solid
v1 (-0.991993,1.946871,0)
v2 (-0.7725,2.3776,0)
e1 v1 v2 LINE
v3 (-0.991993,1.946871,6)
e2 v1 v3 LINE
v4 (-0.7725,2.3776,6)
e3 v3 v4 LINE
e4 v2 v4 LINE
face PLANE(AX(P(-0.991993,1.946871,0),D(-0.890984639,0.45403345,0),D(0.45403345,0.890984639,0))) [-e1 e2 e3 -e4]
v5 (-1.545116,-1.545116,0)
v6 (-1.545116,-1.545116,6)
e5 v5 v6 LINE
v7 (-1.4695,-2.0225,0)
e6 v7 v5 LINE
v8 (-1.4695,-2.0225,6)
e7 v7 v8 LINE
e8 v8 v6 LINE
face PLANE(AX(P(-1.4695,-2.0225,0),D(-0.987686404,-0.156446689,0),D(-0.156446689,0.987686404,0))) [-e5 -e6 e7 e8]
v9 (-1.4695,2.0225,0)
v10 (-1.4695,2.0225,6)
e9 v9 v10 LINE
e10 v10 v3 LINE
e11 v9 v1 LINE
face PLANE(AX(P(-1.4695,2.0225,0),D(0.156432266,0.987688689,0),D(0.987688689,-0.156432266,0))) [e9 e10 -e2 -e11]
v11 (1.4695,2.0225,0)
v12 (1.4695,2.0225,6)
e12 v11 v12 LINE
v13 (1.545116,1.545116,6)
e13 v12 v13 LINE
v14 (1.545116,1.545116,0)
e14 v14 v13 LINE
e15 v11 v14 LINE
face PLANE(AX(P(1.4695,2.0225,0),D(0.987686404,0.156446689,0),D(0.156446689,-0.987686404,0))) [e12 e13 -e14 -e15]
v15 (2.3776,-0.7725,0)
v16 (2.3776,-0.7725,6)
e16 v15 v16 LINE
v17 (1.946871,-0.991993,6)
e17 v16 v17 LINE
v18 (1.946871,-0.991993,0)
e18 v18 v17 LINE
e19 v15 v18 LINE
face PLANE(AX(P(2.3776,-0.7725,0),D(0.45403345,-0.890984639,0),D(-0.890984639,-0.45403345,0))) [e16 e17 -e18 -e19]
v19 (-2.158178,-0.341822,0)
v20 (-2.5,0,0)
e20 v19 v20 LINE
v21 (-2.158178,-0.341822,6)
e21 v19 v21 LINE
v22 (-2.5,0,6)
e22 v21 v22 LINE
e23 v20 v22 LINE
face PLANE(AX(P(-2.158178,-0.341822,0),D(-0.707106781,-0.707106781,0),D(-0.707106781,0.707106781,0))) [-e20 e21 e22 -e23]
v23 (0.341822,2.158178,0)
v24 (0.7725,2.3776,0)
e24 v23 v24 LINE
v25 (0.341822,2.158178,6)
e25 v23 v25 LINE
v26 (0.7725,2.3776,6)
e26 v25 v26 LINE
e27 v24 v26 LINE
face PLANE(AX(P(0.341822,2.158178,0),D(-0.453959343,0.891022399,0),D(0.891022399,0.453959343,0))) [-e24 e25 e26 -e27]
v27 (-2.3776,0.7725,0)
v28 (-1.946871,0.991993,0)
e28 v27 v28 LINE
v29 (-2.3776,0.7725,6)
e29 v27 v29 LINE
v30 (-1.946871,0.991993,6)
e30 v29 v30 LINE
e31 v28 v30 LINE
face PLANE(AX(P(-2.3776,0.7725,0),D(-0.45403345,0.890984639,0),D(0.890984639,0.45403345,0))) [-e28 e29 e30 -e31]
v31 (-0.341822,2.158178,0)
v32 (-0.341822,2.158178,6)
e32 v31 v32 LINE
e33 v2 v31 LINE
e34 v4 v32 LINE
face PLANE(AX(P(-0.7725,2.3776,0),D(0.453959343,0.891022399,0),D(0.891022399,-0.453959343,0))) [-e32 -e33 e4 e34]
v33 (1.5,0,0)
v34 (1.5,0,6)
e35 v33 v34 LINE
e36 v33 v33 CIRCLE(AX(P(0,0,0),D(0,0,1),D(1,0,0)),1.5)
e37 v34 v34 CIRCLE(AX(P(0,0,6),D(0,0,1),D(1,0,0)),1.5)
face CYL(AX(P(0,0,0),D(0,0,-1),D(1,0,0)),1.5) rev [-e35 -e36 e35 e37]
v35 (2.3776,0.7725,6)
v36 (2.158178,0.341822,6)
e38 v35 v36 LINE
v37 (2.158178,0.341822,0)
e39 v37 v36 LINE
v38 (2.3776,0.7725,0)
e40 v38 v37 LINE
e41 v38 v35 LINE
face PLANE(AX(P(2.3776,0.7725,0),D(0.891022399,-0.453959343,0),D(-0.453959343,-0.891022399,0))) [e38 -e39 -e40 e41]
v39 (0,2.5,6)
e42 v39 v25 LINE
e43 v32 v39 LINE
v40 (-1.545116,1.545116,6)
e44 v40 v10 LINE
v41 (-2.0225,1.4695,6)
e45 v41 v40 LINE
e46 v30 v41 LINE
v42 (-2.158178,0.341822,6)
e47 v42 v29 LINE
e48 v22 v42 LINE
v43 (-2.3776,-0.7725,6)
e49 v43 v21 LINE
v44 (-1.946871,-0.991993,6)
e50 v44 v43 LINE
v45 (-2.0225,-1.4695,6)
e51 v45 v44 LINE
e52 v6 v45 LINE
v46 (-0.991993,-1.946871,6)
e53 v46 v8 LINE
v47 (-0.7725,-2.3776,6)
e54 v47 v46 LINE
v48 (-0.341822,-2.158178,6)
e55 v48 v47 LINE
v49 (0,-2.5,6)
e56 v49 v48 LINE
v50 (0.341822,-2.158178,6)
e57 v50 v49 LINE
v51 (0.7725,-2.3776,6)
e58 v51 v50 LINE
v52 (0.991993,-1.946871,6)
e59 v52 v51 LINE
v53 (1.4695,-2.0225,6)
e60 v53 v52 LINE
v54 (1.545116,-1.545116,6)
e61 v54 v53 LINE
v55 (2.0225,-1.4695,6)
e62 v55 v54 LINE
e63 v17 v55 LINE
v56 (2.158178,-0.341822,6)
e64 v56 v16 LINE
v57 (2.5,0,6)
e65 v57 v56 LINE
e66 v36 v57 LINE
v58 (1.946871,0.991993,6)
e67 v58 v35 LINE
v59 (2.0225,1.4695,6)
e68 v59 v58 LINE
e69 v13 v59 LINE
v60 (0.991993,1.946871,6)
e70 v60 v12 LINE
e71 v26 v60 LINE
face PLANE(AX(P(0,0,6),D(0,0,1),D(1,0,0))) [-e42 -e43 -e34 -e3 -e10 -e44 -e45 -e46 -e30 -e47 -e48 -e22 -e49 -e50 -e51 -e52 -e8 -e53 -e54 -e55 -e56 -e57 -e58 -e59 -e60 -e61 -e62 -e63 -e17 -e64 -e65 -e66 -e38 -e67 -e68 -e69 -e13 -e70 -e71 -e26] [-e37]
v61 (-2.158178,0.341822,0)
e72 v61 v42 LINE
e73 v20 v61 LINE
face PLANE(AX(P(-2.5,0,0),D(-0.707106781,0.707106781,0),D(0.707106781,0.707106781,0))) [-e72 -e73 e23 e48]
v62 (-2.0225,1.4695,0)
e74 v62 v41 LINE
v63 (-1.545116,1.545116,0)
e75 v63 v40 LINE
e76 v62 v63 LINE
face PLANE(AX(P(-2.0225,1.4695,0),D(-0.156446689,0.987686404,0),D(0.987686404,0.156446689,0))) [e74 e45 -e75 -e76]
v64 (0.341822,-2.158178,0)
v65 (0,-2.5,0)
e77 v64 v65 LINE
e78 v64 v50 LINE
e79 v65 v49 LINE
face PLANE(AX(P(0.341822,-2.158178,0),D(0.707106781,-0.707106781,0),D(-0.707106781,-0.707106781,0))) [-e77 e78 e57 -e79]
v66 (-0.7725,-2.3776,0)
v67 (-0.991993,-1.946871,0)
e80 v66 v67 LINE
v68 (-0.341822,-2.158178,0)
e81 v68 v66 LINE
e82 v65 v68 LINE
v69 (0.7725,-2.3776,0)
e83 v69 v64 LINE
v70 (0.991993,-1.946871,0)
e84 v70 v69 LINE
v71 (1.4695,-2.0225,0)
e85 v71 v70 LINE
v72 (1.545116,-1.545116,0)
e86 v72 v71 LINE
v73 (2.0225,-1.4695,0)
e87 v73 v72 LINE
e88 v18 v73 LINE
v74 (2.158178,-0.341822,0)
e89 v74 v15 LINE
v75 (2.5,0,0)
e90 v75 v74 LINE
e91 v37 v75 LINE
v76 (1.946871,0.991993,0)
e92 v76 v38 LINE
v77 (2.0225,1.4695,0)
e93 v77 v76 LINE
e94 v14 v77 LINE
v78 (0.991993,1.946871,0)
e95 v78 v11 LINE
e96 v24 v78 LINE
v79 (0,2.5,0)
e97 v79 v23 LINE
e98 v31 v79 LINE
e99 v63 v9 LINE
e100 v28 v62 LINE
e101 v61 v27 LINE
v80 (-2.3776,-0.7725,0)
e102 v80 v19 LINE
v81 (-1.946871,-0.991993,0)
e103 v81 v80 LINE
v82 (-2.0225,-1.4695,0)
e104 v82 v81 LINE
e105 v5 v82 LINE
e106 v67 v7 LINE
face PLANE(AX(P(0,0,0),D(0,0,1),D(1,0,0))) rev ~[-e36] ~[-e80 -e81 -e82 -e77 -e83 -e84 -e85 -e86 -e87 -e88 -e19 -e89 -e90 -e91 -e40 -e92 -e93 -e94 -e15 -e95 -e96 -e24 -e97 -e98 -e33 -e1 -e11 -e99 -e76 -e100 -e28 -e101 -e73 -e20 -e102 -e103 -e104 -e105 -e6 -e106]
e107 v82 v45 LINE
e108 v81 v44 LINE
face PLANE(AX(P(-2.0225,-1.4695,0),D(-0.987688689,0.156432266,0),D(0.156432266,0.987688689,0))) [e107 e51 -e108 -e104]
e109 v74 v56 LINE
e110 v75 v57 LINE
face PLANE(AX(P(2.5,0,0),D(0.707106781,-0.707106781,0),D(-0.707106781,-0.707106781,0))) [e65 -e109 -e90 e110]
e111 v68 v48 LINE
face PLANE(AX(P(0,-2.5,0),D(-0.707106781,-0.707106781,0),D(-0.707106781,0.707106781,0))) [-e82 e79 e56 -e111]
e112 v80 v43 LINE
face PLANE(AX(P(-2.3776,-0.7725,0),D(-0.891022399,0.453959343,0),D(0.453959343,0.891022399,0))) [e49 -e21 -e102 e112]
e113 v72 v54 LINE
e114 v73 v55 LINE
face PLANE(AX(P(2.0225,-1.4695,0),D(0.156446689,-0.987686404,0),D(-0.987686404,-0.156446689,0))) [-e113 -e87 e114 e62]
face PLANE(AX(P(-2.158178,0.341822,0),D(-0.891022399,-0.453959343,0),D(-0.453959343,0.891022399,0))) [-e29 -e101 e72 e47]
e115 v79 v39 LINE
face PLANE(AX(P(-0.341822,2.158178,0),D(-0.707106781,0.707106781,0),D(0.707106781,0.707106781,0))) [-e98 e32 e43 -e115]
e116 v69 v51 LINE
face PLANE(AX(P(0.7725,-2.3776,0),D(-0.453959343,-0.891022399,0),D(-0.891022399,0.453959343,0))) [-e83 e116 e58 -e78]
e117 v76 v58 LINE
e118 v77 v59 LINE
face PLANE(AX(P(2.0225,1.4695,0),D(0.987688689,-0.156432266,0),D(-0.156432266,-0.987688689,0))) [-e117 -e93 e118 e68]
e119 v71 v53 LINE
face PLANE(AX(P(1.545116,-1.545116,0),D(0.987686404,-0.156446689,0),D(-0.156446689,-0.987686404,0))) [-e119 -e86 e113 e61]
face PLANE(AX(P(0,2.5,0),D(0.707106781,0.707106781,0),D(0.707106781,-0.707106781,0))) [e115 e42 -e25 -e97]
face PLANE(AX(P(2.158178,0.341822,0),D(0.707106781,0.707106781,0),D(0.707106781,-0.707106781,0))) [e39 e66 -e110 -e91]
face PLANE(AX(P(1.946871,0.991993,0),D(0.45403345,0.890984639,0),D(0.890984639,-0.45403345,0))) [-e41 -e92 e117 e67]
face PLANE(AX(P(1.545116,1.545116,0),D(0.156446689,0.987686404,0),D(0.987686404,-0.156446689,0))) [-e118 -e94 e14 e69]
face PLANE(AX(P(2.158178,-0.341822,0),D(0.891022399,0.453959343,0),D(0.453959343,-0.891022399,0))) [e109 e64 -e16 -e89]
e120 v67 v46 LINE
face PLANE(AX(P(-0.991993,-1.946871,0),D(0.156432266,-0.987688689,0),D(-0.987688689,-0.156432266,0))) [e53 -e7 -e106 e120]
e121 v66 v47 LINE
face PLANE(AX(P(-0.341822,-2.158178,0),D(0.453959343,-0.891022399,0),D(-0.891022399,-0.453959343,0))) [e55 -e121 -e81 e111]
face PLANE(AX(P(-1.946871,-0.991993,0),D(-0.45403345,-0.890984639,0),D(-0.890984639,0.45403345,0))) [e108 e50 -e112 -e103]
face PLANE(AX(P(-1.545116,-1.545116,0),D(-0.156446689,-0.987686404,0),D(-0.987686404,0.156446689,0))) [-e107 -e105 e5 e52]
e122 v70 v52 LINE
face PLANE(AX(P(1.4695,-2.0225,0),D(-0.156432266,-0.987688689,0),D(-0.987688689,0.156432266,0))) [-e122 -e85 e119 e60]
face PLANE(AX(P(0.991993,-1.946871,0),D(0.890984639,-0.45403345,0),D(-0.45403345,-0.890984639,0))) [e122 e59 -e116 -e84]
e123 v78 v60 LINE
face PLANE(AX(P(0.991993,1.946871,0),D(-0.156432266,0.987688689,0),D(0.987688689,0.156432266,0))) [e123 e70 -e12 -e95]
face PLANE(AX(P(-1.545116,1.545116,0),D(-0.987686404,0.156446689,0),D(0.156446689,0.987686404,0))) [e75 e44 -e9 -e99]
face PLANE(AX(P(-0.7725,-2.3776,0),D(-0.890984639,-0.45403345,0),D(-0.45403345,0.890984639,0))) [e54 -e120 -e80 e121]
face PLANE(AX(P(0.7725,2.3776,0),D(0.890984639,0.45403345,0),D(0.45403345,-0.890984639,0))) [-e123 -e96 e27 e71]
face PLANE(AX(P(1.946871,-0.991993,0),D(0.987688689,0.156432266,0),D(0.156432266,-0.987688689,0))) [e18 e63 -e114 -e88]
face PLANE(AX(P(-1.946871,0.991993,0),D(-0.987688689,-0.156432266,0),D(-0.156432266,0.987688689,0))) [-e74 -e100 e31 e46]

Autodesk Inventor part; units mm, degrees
ref_plane "YZ Plane" through (0, 0, 0) normal (1, 0, 0) x (0, 1, 0)
ref_plane "XZ Plane" through (0, 0, 0) normal (0, 1, 0) x (-1, 0, 0)
ref_plane "XY Plane" through (0, 0, 0) normal (0, 0, 1) x (1, 0, 0)
sketch "Sketch1" plane through (0, 0, 0) normal (0, 0, 1) x (1, 0, 0)
  circle A0 centre (0, 0) radius 1.5
  circle A1 centre (0, 0) radius 2.5 construction
  circle A2 centre (0, 0) radius 1.9
  line L0 (-0.7576, 1.7424) -> (0, 2.5)
  line L1 (0, 2.5) -> (0.7576, 1.7424)
  line L2 (0, 2.5) -> (0, 0) construction
  line L3 (-1.2589, 1.4231) -> (-0.7725, 2.3776)
  line L4 (-0.7725, 2.3776) -> (0.182, 1.8913)
  line L5 (-1.6371, 0.9644) -> (-1.4695, 2.0225)
  line L6 (-1.4695, 2.0225) -> (-0.4113, 1.8549)
  line L7 (-1.8549, 0.4113) -> (-2.0225, 1.4695)
  line L8 (-2.0225, 1.4695) -> (-0.9644, 1.6371)
  line L9 (-1.8913, -0.182) -> (-2.3776, 0.7725)
  line L10 (-2.3776, 0.7725) -> (-1.4231, 1.2589)
  line L11 (-1.7424, -0.7576) -> (-2.5, 0)
  line L12 (-2.5, 0) -> (-1.7424, 0.7576)
  line L13 (-1.4231, -1.2589) -> (-2.3776, -0.7725)
  line L14 (-2.3776, -0.7725) -> (-1.8913, 0.182)
  line L15 (-0.9644, -1.6371) -> (-2.0225, -1.4695)
  line L16 (-2.0225, -1.4695) -> (-1.8549, -0.4113)
  line L17 (-0.4113, -1.8549) -> (-1.4695, -2.0225)
  line L18 (-1.4695, -2.0225) -> (-1.6371, -0.9644)
  line L19 (0.182, -1.8913) -> (-0.7725, -2.3776)
  line L20 (-0.7725, -2.3776) -> (-1.2589, -1.4231)
  line L21 (0.7576, -1.7424) -> (0, -2.5)
  line L22 (0, -2.5) -> (-0.7576, -1.7424)
  line L23 (1.2589, -1.4231) -> (0.7725, -2.3776)
  line L24 (0.7725, -2.3776) -> (-0.182, -1.8913)
  line L25 (1.6371, -0.9644) -> (1.4695, -2.0225)
  line L26 (1.4695, -2.0225) -> (0.4113, -1.8549)
  line L27 (1.8549, -0.4113) -> (2.0225, -1.4695)
  line L28 (2.0225, -1.4695) -> (0.9644, -1.6371)
  line L29 (1.8913, 0.182) -> (2.3776, -0.7725)
  line L30 (2.3776, -0.7725) -> (1.4231, -1.2589)
  line L31 (1.7424, 0.7576) -> (2.5, 0)
  line L32 (2.5, 0) -> (1.7424, -0.7576)
  line L33 (1.4231, 1.2589) -> (2.3776, 0.7725)
  line L34 (2.3776, 0.7725) -> (1.8913, -0.182)
  line L35 (0.9644, 1.6371) -> (2.0225, 1.4695)
  line L36 (2.0225, 1.4695) -> (1.8549, 0.4113)
  line L37 (0.4113, 1.8549) -> (1.4695, 2.0225)
  line L38 (1.4695, 2.0225) -> (1.6371, 0.9644)
  line L39 (-0.182, 1.8913) -> (0.7725, 2.3776)
  line L40 (0.7725, 2.3776) -> (1.2589, 1.4231)
  point P0 (-0.992, 1.9469)
  point P1 (-1.5451, 1.5451)
  point P2 (-1.9469, 0.992)
  point P3 (-2.1582, 0.3418)
  point P4 (-2.1582, -0.3418)
  point P5 (-1.9469, -0.992)
  point P6 (-1.5451, -1.5451)
  point P7 (-0.992, -1.9469)
  point P8 (-0.3418, -2.1582)
  point P9 (0.3418, -2.1582)
  point P10 (0.992, -1.9469)
  point P11 (1.5451, -1.5451)
  point P12 (1.9469, -0.992)
  point P13 (2.1582, -0.3418)
  point P14 (2.1582, 0.3418)
  point P15 (1.9469, 0.992)
  point P16 (1.5451, 1.5451)
  point P17 (0.992, 1.9469)
  point P18 (0.3418, 2.1582)
  point P19 (-0.3418, 2.1582)
  dimension "d1" = 5
  dimension "d0" = 3
  dimension "d2" = 0.4
  dimension "d5" = 360
extrude "Extrusion1" add sketch "Sketch1" along normal blind 6
properties part number "fancy spacer"
